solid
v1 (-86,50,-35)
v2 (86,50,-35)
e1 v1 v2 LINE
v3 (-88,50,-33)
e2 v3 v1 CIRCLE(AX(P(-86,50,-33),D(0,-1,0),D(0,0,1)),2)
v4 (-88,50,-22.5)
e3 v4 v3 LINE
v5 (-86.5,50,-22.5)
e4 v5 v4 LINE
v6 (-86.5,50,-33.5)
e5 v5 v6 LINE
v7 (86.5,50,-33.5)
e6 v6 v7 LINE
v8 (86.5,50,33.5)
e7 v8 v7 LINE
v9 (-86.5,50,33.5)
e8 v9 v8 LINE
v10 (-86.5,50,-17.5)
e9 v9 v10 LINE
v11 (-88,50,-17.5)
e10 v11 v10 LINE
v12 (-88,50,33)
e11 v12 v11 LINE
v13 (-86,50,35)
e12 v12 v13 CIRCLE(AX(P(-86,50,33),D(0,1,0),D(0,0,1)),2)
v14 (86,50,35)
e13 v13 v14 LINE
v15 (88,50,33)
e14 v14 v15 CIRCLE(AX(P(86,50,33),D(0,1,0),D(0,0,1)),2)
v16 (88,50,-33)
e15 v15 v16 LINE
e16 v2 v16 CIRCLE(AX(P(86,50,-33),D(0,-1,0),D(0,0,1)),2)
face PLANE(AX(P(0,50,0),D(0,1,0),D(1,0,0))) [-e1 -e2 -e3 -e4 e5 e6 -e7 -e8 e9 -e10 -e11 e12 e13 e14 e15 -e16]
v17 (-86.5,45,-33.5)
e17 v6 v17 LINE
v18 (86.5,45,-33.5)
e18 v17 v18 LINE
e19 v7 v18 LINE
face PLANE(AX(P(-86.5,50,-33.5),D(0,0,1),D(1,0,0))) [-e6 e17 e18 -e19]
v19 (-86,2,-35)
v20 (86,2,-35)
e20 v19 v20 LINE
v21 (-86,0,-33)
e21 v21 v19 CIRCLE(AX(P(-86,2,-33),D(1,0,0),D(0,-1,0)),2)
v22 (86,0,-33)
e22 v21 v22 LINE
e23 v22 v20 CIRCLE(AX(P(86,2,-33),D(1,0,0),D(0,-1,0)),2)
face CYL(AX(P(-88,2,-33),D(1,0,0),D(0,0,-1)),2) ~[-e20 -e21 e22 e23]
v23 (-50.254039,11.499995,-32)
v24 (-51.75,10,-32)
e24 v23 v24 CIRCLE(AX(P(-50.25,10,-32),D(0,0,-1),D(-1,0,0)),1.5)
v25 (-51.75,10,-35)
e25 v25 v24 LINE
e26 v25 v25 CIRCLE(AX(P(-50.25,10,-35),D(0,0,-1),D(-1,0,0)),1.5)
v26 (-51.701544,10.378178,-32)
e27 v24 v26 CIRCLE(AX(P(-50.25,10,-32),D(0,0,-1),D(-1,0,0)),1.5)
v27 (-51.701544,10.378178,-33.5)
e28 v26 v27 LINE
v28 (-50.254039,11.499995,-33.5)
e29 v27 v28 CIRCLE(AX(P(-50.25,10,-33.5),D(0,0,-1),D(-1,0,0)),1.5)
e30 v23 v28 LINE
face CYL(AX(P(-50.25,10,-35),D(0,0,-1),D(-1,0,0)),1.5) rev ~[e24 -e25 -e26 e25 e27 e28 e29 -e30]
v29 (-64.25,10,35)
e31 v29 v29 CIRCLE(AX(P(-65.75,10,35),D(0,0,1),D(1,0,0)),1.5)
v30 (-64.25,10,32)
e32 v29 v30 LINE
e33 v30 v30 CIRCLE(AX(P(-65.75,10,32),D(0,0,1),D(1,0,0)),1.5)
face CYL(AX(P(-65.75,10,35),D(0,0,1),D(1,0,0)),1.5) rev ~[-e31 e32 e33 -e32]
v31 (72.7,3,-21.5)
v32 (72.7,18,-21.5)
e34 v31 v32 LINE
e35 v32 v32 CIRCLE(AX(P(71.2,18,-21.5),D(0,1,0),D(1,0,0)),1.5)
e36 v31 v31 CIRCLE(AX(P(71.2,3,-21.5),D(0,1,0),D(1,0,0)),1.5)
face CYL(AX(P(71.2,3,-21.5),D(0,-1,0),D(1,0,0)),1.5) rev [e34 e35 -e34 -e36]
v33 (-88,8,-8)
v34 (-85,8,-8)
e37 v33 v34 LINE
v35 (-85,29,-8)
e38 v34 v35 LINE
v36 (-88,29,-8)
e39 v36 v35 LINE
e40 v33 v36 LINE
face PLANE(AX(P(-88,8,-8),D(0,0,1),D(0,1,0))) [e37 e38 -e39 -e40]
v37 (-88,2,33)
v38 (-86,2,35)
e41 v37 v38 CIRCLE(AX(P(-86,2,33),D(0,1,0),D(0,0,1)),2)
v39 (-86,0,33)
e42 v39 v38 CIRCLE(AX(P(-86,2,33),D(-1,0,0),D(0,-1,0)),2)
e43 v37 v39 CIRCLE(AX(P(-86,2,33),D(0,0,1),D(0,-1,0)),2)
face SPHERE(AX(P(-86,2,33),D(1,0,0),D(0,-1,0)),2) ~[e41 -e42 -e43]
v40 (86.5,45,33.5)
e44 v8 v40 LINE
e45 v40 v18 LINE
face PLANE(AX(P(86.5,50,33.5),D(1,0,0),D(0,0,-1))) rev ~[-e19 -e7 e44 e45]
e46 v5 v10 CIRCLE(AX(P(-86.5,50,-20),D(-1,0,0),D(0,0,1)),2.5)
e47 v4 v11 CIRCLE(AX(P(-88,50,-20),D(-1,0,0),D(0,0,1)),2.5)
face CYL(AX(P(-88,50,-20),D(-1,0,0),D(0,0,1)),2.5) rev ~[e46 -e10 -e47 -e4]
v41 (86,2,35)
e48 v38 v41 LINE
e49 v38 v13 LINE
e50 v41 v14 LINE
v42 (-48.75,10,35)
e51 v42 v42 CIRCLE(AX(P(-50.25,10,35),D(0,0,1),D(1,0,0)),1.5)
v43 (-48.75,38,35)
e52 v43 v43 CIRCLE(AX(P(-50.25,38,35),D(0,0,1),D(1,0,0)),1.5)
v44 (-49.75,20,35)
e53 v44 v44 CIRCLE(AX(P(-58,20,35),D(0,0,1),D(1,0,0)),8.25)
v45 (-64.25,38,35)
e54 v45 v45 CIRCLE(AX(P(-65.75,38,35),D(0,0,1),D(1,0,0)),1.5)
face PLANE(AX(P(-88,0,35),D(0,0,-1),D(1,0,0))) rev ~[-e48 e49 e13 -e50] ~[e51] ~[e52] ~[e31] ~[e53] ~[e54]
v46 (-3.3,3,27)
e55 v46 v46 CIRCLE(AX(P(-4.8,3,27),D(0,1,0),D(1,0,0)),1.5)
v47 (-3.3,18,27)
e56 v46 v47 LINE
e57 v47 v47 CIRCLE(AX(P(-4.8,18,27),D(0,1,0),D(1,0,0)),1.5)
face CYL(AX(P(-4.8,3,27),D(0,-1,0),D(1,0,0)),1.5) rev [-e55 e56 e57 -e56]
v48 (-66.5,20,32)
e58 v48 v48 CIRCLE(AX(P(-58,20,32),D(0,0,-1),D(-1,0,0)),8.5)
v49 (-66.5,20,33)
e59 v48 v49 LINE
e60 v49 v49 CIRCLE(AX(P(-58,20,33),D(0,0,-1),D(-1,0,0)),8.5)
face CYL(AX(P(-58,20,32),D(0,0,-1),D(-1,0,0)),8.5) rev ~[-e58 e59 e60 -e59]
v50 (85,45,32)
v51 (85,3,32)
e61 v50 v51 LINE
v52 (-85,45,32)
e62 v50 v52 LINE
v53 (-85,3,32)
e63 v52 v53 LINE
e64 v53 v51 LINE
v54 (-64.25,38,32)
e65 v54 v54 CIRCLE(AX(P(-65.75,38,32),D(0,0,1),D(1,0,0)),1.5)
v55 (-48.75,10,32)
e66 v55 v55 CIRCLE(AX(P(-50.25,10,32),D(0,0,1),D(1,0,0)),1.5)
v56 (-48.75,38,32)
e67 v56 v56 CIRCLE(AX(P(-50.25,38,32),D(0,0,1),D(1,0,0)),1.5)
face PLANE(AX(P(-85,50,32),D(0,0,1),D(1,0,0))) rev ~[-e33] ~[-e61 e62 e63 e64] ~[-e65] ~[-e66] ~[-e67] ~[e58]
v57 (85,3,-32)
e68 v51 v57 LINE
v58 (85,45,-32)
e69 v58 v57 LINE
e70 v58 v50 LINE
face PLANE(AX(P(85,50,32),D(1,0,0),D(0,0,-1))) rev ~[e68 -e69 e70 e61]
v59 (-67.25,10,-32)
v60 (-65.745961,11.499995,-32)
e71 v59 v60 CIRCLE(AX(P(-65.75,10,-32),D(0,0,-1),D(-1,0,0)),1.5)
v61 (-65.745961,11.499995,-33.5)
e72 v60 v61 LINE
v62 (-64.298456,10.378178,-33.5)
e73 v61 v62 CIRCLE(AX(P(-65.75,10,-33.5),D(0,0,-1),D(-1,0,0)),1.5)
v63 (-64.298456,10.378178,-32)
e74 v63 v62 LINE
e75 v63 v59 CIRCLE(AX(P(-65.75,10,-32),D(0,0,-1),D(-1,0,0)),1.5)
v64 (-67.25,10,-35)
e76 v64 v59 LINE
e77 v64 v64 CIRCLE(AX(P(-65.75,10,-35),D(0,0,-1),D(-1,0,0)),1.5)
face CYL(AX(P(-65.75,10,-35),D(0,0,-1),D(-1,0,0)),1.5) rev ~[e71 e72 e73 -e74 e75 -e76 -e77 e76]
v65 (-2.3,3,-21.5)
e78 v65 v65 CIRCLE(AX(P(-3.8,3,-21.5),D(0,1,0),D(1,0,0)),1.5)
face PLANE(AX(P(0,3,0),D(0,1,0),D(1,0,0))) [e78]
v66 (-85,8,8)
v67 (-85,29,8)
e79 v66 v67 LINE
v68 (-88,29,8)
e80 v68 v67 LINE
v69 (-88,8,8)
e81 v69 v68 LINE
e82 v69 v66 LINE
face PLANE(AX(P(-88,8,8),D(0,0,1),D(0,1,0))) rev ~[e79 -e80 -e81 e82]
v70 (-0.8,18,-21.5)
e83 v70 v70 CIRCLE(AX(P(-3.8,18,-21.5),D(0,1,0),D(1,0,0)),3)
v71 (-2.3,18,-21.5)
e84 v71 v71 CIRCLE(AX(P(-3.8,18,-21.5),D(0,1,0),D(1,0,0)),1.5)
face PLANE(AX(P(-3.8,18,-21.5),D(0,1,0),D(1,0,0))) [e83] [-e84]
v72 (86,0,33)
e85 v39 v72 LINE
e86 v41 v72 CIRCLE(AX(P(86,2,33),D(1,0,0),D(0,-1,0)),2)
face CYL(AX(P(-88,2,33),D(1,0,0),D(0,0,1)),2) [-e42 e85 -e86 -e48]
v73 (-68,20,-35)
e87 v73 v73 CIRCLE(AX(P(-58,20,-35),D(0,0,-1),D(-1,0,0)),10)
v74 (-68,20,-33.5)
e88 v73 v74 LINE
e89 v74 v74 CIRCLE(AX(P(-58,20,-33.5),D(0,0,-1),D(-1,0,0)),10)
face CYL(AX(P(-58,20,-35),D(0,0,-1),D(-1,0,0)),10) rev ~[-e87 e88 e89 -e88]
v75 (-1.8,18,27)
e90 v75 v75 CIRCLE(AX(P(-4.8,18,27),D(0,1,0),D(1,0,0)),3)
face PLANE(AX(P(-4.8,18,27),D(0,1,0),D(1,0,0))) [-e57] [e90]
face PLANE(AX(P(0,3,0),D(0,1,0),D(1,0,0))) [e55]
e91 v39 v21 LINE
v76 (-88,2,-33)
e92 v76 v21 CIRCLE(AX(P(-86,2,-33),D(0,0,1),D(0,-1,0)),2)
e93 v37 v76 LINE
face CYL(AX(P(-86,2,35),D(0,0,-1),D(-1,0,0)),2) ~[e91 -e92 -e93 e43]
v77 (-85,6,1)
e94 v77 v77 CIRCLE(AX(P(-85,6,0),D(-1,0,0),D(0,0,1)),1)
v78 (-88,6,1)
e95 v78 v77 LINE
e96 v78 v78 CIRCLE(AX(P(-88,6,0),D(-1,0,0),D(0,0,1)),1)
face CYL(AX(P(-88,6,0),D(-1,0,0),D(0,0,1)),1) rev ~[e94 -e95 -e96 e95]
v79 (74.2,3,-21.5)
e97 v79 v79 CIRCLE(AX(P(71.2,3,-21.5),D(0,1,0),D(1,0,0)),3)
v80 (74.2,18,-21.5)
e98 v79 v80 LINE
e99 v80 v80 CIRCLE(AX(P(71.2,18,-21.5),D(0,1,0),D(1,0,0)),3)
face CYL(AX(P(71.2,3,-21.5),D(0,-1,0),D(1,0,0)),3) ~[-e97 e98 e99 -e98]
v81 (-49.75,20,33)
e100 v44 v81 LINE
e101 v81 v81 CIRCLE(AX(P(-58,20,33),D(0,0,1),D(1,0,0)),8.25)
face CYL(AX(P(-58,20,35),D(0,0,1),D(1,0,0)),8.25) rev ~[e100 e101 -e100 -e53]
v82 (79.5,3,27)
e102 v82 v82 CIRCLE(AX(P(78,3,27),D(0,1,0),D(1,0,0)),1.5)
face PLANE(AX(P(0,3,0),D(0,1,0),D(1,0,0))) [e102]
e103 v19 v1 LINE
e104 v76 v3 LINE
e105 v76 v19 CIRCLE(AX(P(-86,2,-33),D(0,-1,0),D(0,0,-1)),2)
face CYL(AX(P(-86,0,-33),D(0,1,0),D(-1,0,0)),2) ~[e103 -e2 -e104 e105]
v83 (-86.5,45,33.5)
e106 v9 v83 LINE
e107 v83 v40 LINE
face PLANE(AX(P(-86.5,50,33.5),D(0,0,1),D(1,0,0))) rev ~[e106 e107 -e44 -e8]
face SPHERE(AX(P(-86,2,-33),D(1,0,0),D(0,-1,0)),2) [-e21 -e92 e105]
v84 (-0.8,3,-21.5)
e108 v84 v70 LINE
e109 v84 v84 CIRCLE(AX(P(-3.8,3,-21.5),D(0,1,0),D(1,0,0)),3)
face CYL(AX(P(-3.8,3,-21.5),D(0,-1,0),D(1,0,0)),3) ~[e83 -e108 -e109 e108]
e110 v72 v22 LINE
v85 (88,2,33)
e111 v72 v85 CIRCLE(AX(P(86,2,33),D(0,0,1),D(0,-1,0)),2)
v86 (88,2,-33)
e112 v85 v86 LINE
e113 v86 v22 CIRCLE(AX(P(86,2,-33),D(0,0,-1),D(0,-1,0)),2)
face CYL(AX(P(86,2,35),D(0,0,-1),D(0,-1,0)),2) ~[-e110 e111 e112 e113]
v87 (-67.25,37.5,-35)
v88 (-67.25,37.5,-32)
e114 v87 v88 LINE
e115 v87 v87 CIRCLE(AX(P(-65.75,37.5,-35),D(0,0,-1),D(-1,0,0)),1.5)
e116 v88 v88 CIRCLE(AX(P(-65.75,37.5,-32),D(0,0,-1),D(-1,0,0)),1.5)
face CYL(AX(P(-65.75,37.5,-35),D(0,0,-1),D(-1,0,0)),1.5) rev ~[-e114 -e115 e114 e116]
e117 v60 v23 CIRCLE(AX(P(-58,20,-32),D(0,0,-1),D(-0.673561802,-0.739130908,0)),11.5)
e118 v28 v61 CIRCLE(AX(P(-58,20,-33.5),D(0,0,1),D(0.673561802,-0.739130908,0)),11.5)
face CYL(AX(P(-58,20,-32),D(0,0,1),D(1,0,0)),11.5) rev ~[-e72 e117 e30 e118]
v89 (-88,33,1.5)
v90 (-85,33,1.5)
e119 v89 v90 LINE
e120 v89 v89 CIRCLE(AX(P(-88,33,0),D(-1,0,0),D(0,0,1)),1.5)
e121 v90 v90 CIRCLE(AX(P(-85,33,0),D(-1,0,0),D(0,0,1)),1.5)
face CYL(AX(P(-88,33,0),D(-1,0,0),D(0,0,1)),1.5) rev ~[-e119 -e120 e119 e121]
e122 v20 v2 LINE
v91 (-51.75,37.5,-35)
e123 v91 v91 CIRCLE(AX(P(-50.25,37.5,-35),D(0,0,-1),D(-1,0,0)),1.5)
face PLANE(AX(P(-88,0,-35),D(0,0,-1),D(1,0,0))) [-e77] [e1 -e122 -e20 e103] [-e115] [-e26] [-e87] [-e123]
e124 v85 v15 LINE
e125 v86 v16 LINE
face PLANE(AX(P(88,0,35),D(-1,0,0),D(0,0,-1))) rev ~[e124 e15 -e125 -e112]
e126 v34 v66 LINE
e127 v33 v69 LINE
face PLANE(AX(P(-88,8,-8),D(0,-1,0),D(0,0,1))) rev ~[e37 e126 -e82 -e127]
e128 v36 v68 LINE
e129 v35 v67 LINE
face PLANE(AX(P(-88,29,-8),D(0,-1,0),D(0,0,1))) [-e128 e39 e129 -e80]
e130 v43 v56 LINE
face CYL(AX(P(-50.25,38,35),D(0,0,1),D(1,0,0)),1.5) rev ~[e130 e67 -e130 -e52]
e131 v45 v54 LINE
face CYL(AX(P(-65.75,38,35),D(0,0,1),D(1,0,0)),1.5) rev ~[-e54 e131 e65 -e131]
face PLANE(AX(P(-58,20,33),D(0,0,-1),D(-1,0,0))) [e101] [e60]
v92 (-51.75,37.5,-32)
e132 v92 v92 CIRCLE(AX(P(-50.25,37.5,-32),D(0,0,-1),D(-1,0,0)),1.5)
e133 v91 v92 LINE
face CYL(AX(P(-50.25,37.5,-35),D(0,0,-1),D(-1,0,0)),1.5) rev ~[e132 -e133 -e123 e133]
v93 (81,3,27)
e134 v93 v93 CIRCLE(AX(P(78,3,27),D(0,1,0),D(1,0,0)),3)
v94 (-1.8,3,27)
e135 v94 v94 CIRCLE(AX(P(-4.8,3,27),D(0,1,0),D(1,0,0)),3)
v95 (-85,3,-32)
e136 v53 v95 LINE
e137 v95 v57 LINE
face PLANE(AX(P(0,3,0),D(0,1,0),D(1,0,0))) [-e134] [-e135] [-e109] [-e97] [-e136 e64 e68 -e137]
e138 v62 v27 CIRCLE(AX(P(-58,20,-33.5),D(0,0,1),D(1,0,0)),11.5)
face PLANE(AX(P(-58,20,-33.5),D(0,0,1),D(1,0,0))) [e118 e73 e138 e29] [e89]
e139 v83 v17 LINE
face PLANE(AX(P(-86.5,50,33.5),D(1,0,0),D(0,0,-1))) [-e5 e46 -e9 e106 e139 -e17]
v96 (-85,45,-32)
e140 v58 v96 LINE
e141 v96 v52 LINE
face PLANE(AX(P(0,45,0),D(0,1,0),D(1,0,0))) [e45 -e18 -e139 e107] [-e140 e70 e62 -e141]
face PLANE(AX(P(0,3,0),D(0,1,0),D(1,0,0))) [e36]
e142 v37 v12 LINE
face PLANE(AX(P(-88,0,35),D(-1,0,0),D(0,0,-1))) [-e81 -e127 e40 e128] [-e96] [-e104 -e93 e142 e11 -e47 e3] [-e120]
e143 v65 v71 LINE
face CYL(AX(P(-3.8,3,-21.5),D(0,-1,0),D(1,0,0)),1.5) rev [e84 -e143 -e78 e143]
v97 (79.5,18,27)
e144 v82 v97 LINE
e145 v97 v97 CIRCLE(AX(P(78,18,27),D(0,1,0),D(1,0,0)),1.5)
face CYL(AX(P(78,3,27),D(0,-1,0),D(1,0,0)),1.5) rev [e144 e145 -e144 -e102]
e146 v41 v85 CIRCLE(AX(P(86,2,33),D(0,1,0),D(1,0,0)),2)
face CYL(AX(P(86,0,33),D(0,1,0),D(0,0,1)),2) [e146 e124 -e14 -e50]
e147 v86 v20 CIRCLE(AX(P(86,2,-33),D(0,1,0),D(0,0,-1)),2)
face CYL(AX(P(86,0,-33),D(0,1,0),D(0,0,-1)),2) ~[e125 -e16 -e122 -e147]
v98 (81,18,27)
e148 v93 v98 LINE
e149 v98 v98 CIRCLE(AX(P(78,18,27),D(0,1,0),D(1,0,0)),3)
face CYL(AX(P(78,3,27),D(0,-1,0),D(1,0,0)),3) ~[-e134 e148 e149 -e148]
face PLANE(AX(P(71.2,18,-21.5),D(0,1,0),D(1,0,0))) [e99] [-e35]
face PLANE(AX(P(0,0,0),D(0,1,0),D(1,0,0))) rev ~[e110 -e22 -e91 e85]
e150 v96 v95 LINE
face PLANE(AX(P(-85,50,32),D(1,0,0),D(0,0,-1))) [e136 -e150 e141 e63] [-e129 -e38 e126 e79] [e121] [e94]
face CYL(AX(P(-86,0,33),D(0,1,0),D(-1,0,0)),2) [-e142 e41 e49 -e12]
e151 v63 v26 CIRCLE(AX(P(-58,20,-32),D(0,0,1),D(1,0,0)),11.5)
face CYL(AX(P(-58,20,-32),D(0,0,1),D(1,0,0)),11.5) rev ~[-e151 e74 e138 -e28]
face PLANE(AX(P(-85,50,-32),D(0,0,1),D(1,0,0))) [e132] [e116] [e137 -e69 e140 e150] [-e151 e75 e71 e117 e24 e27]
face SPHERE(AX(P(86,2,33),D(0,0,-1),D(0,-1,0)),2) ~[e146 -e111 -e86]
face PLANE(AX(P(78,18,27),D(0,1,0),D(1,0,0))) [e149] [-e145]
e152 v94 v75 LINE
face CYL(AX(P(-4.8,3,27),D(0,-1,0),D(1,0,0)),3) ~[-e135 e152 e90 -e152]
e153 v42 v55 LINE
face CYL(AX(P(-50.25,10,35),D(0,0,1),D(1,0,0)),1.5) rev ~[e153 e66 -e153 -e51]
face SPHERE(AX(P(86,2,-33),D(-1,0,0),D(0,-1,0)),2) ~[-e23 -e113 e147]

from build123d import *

# Parameters (mm, degrees)
SKETCH1_W           = 176
SKETCH1_H           = 70
BOSS_EXTRUDE1_DEPTH = 50
SKETCH2_W           = 170
SKETCH2_H           = 64
CUT_EXTRUDE1_DEPTH  = 47
SKETCH3_W           = 173
SKETCH3_H           = 67
CUT_EXTRUDE2_DEPTH  = 5
SKETCH4_R           = 3
SKETCH4_R_2         = 1.5
BOSS_EXTRUDE2_DEPTH = 15
CUT_EXTRUDE3_REACH  = 72
SKETCH5_R           = 10
SKETCH5_R_2         = 1.5
SKETCH6_R           = 11.5
CUT_EXTRUDE4_DEPTH  = 1.5
CUT_EXTRUDE5_REACH  = 72
SKETCH7_R           = 8.25
SKETCH7_R_2         = 1.5
SKETCH8_R           = 8.5
CUT_EXTRUDE6_DEPTH  = 1
FILLET1_R           = 2
CUT_EXTRUDE7_REACH  = 178
SKETCH9_R           = 1.5
SKETCH9_R_2         = 1
SKETCH9_W           = 16
SKETCH9_H           = 21
CUT_EXTRUDE8_REACH  = 178
SKETCH10_R          = 2.5


with BuildPart() as part:
    # Sketch1 → Boss-Extrude1 (new body)
    with BuildSketch(Plane(origin=(0, 0, 0), x_dir=(1, 0, 0), z_dir=(0, 1, 0))):
        Rectangle(SKETCH1_W, SKETCH1_H)
    extrude(amount=BOSS_EXTRUDE1_DEPTH)

    # Sketch2 → Cut-Extrude1 (cut)
    with BuildSketch(Plane(origin=(0, 50, 0), x_dir=(1, 0, 0), z_dir=(0, 1, 0))):
        Rectangle(SKETCH2_W, SKETCH2_H)
    extrude(amount=-CUT_EXTRUDE1_DEPTH, mode=Mode.SUBTRACT)

    # Sketch3 → Cut-Extrude2 (cut)
    with BuildSketch(Plane(origin=(0, 50, 0), x_dir=(1, 0, 0), z_dir=(0, 1, 0))):
        Rectangle(SKETCH3_W, SKETCH3_H)
    extrude(amount=-CUT_EXTRUDE2_DEPTH, mode=Mode.SUBTRACT)

    # Sketch4 → Boss-Extrude2 (add)
    with BuildSketch(Plane(origin=(0, 3, 0), x_dir=(1, 0, 0), z_dir=(0, 1, 0))):
        with Locations((-4.8, -27)):
            Circle(SKETCH4_R)
        with Locations((-4.8, -27)):
            Circle(SKETCH4_R_2, mode=Mode.SUBTRACT)
        with Locations((78, -27)):
            Circle(SKETCH4_R)
        with Locations((78, -27)):
            Circle(SKETCH4_R_2, mode=Mode.SUBTRACT)
        with Locations((71.2, 21.5)):
            Circle(SKETCH4_R)
        with Locations((71.2, 21.5)):
            Circle(SKETCH4_R_2, mode=Mode.SUBTRACT)
        with Locations((-3.8, 21.5)):
            Circle(SKETCH4_R)
        with Locations((-3.8, 21.5)):
            Circle(SKETCH4_R_2, mode=Mode.SUBTRACT)
    extrude(amount=BOSS_EXTRUDE2_DEPTH)

    # Sketch5 → Cut-Extrude3 (cut, up to next)
    with BuildSketch(Plane(origin=(0, 0, -35), x_dir=(-1, 0, 0), z_dir=(0, 0, -1)), mode=Mode.PRIVATE) as cut_extrude3_sk1:
        with Locations((58, 20)):
            Circle(SKETCH5_R)
    cut_extrude3_tool1 = extrude(cut_extrude3_sk1.sketch, amount=-CUT_EXTRUDE3_REACH, mode=Mode.PRIVATE) & part.part
    add(cut_extrude3_tool1.solids().sort_by_distance((-58, 20, -35))[0], mode=Mode.SUBTRACT)
    # Sketch5 → Cut-Extrude3 (cut, up to next)
    with BuildSketch(Plane(origin=(0, 0, -35), x_dir=(-1, 0, 0), z_dir=(0, 0, -1)), mode=Mode.PRIVATE) as cut_extrude3_sk2:
        with Locations((65.75, 37.5)):
            Circle(SKETCH5_R_2)
    cut_extrude3_tool2 = extrude(cut_extrude3_sk2.sketch, amount=-CUT_EXTRUDE3_REACH, mode=Mode.PRIVATE) & part.part
    add(cut_extrude3_tool2.solids().sort_by_distance((-65.75, 37.5, -35))[0], mode=Mode.SUBTRACT)
    # Sketch5 → Cut-Extrude3 (cut, up to next)
    with BuildSketch(Plane(origin=(0, 0, -35), x_dir=(-1, 0, 0), z_dir=(0, 0, -1)), mode=Mode.PRIVATE) as cut_extrude3_sk3:
        with Locations((50.25, 37.5)):
            Circle(SKETCH5_R_2)
    cut_extrude3_tool3 = extrude(cut_extrude3_sk3.sketch, amount=-CUT_EXTRUDE3_REACH, mode=Mode.PRIVATE) & part.part
    add(cut_extrude3_tool3.solids().sort_by_distance((-50.25, 37.5, -35))[0], mode=Mode.SUBTRACT)
    # Sketch5 → Cut-Extrude3 (cut, up to next)
    with BuildSketch(Plane(origin=(0, 0, -35), x_dir=(-1, 0, 0), z_dir=(0, 0, -1)), mode=Mode.PRIVATE) as cut_extrude3_sk4:
        with Locations((50.25, 10)):
            Circle(SKETCH5_R_2)
    cut_extrude3_tool4 = extrude(cut_extrude3_sk4.sketch, amount=-CUT_EXTRUDE3_REACH, mode=Mode.PRIVATE) & part.part
    add(cut_extrude3_tool4.solids().sort_by_distance((-50.25, 10, -35))[0], mode=Mode.SUBTRACT)
    # Sketch5 → Cut-Extrude3 (cut, up to next)
    with BuildSketch(Plane(origin=(0, 0, -35), x_dir=(-1, 0, 0), z_dir=(0, 0, -1)), mode=Mode.PRIVATE) as cut_extrude3_sk5:
        with Locations((65.75, 10)):
            Circle(SKETCH5_R_2)
    cut_extrude3_tool5 = extrude(cut_extrude3_sk5.sketch, amount=-CUT_EXTRUDE3_REACH, mode=Mode.PRIVATE) & part.part
    add(cut_extrude3_tool5.solids().sort_by_distance((-65.75, 10, -35))[0], mode=Mode.SUBTRACT)

    # Sketch6 → Cut-Extrude4 (cut)
    with BuildSketch(Plane.XY.offset(-32)):
        with Locations((-58, 20)):
            Circle(SKETCH6_R)
    extrude(amount=-CUT_EXTRUDE4_DEPTH, mode=Mode.SUBTRACT)

    # Sketch7 → Cut-Extrude5 (cut, up to next)
    with BuildSketch(Plane.XY.offset(35), mode=Mode.PRIVATE) as cut_extrude5_sk1:
        with Locations((-58, 20)):
            Circle(SKETCH7_R)
    cut_extrude5_tool1 = extrude(cut_extrude5_sk1.sketch, amount=-CUT_EXTRUDE5_REACH, mode=Mode.PRIVATE) & part.part
    add(cut_extrude5_tool1.solids().sort_by_distance((-58, 20, 35))[0], mode=Mode.SUBTRACT)
    # Sketch7 → Cut-Extrude5 (cut, up to next)
    with BuildSketch(Plane.XY.offset(35), mode=Mode.PRIVATE) as cut_extrude5_sk2:
        with Locations((-65.75, 38)):
            Circle(SKETCH7_R_2)
    cut_extrude5_tool2 = extrude(cut_extrude5_sk2.sketch, amount=-CUT_EXTRUDE5_REACH, mode=Mode.PRIVATE) & part.part
    add(cut_extrude5_tool2.solids().sort_by_distance((-65.75, 38, 35))[0], mode=Mode.SUBTRACT)
    # Sketch7 → Cut-Extrude5 (cut, up to next)
    with BuildSketch(Plane.XY.offset(35), mode=Mode.PRIVATE) as cut_extrude5_sk3:
        with Locations((-50.25, 38)):
            Circle(SKETCH7_R_2)
    cut_extrude5_tool3 = extrude(cut_extrude5_sk3.sketch, amount=-CUT_EXTRUDE5_REACH, mode=Mode.PRIVATE) & part.part
    add(cut_extrude5_tool3.solids().sort_by_distance((-50.25, 38, 35))[0], mode=Mode.SUBTRACT)
    # Sketch7 → Cut-Extrude5 (cut, up to next)
    with BuildSketch(Plane.XY.offset(35), mode=Mode.PRIVATE) as cut_extrude5_sk4:
        with Locations((-65.75, 10)):
            Circle(SKETCH7_R_2)
    cut_extrude5_tool4 = extrude(cut_extrude5_sk4.sketch, amount=-CUT_EXTRUDE5_REACH, mode=Mode.PRIVATE) & part.part
    add(cut_extrude5_tool4.solids().sort_by_distance((-65.75, 10, 35))[0], mode=Mode.SUBTRACT)
    # Sketch7 → Cut-Extrude5 (cut, up to next)
    with BuildSketch(Plane.XY.offset(35), mode=Mode.PRIVATE) as cut_extrude5_sk5:
        with Locations((-50.25, 10)):
            Circle(SKETCH7_R_2)
    cut_extrude5_tool5 = extrude(cut_extrude5_sk5.sketch, amount=-CUT_EXTRUDE5_REACH, mode=Mode.PRIVATE) & part.part
    add(cut_extrude5_tool5.solids().sort_by_distance((-50.25, 10, 35))[0], mode=Mode.SUBTRACT)

    # Sketch8 → Cut-Extrude6 (cut)
    with BuildSketch(Plane(origin=(0, 0, 32), x_dir=(-1, 0, 0), z_dir=(0, 0, -1))):
        with Locations((58, 20)):
            Circle(SKETCH8_R)
    extrude(amount=-CUT_EXTRUDE6_DEPTH, mode=Mode.SUBTRACT)

    # Fillet1
    fillet1_edges = [part.edges().sort_by_distance(p)[0] for p in [
        (0, 0, -35),
        (88, 0, 0),
        (0, 0, 35),
        (-88, 0, 0),
        (-88, 25, -35),
        (88, 25, -35),
        (88, 25, 35),
        (-88, 25, 35),
    ]]
    fillet(fillet1_edges, radius=FILLET1_R)

    # Sketch9 → Cut-Extrude7 (cut, up to next)
    with BuildSketch(Plane.ZY.offset(88), mode=Mode.PRIVATE) as cut_extrude7_sk1:
        with Locations((0, 33)):
            Circle(SKETCH9_R)
    cut_extrude7_tool1 = extrude(cut_extrude7_sk1.sketch, amount=-CUT_EXTRUDE7_REACH, mode=Mode.PRIVATE) & part.part
    add(cut_extrude7_tool1.solids().sort_by_distance((-88, 33, 0))[0], mode=Mode.SUBTRACT)
    # Sketch9 → Cut-Extrude7 (cut, up to next)
    with BuildSketch(Plane.ZY.offset(88), mode=Mode.PRIVATE) as cut_extrude7_sk2:
        with Locations((0, 6)):
            Circle(SKETCH9_R_2)
    cut_extrude7_tool2 = extrude(cut_extrude7_sk2.sketch, amount=-CUT_EXTRUDE7_REACH, mode=Mode.PRIVATE) & part.part
    add(cut_extrude7_tool2.solids().sort_by_distance((-88, 6, 0))[0], mode=Mode.SUBTRACT)
    # Sketch9 → Cut-Extrude7 (cut, up to next)
    with BuildSketch(Plane.ZY.offset(88), mode=Mode.PRIVATE) as cut_extrude7_sk3:
        with Locations((0, 18.5)):
            Rectangle(SKETCH9_W, SKETCH9_H)
    cut_extrude7_tool3 = extrude(cut_extrude7_sk3.sketch, amount=-CUT_EXTRUDE7_REACH, mode=Mode.PRIVATE) & part.part
    add(cut_extrude7_tool3.solids().sort_by_distance((-88, 18.5, 0))[0], mode=Mode.SUBTRACT)

    # Sketch10 → Cut-Extrude8 (cut, up to next)
    with BuildSketch(Plane.ZY.offset(88), mode=Mode.PRIVATE) as cut_extrude8_sk1:
        with Locations((-20, 50)):
            Circle(SKETCH10_R)
    cut_extrude8_tool1 = extrude(cut_extrude8_sk1.sketch, amount=-CUT_EXTRUDE8_REACH, mode=Mode.PRIVATE) & part.part
    add(cut_extrude8_tool1.solids().sort_by_distance((-88, 50, -20))[0], mode=Mode.SUBTRACT)


solid = part.part
